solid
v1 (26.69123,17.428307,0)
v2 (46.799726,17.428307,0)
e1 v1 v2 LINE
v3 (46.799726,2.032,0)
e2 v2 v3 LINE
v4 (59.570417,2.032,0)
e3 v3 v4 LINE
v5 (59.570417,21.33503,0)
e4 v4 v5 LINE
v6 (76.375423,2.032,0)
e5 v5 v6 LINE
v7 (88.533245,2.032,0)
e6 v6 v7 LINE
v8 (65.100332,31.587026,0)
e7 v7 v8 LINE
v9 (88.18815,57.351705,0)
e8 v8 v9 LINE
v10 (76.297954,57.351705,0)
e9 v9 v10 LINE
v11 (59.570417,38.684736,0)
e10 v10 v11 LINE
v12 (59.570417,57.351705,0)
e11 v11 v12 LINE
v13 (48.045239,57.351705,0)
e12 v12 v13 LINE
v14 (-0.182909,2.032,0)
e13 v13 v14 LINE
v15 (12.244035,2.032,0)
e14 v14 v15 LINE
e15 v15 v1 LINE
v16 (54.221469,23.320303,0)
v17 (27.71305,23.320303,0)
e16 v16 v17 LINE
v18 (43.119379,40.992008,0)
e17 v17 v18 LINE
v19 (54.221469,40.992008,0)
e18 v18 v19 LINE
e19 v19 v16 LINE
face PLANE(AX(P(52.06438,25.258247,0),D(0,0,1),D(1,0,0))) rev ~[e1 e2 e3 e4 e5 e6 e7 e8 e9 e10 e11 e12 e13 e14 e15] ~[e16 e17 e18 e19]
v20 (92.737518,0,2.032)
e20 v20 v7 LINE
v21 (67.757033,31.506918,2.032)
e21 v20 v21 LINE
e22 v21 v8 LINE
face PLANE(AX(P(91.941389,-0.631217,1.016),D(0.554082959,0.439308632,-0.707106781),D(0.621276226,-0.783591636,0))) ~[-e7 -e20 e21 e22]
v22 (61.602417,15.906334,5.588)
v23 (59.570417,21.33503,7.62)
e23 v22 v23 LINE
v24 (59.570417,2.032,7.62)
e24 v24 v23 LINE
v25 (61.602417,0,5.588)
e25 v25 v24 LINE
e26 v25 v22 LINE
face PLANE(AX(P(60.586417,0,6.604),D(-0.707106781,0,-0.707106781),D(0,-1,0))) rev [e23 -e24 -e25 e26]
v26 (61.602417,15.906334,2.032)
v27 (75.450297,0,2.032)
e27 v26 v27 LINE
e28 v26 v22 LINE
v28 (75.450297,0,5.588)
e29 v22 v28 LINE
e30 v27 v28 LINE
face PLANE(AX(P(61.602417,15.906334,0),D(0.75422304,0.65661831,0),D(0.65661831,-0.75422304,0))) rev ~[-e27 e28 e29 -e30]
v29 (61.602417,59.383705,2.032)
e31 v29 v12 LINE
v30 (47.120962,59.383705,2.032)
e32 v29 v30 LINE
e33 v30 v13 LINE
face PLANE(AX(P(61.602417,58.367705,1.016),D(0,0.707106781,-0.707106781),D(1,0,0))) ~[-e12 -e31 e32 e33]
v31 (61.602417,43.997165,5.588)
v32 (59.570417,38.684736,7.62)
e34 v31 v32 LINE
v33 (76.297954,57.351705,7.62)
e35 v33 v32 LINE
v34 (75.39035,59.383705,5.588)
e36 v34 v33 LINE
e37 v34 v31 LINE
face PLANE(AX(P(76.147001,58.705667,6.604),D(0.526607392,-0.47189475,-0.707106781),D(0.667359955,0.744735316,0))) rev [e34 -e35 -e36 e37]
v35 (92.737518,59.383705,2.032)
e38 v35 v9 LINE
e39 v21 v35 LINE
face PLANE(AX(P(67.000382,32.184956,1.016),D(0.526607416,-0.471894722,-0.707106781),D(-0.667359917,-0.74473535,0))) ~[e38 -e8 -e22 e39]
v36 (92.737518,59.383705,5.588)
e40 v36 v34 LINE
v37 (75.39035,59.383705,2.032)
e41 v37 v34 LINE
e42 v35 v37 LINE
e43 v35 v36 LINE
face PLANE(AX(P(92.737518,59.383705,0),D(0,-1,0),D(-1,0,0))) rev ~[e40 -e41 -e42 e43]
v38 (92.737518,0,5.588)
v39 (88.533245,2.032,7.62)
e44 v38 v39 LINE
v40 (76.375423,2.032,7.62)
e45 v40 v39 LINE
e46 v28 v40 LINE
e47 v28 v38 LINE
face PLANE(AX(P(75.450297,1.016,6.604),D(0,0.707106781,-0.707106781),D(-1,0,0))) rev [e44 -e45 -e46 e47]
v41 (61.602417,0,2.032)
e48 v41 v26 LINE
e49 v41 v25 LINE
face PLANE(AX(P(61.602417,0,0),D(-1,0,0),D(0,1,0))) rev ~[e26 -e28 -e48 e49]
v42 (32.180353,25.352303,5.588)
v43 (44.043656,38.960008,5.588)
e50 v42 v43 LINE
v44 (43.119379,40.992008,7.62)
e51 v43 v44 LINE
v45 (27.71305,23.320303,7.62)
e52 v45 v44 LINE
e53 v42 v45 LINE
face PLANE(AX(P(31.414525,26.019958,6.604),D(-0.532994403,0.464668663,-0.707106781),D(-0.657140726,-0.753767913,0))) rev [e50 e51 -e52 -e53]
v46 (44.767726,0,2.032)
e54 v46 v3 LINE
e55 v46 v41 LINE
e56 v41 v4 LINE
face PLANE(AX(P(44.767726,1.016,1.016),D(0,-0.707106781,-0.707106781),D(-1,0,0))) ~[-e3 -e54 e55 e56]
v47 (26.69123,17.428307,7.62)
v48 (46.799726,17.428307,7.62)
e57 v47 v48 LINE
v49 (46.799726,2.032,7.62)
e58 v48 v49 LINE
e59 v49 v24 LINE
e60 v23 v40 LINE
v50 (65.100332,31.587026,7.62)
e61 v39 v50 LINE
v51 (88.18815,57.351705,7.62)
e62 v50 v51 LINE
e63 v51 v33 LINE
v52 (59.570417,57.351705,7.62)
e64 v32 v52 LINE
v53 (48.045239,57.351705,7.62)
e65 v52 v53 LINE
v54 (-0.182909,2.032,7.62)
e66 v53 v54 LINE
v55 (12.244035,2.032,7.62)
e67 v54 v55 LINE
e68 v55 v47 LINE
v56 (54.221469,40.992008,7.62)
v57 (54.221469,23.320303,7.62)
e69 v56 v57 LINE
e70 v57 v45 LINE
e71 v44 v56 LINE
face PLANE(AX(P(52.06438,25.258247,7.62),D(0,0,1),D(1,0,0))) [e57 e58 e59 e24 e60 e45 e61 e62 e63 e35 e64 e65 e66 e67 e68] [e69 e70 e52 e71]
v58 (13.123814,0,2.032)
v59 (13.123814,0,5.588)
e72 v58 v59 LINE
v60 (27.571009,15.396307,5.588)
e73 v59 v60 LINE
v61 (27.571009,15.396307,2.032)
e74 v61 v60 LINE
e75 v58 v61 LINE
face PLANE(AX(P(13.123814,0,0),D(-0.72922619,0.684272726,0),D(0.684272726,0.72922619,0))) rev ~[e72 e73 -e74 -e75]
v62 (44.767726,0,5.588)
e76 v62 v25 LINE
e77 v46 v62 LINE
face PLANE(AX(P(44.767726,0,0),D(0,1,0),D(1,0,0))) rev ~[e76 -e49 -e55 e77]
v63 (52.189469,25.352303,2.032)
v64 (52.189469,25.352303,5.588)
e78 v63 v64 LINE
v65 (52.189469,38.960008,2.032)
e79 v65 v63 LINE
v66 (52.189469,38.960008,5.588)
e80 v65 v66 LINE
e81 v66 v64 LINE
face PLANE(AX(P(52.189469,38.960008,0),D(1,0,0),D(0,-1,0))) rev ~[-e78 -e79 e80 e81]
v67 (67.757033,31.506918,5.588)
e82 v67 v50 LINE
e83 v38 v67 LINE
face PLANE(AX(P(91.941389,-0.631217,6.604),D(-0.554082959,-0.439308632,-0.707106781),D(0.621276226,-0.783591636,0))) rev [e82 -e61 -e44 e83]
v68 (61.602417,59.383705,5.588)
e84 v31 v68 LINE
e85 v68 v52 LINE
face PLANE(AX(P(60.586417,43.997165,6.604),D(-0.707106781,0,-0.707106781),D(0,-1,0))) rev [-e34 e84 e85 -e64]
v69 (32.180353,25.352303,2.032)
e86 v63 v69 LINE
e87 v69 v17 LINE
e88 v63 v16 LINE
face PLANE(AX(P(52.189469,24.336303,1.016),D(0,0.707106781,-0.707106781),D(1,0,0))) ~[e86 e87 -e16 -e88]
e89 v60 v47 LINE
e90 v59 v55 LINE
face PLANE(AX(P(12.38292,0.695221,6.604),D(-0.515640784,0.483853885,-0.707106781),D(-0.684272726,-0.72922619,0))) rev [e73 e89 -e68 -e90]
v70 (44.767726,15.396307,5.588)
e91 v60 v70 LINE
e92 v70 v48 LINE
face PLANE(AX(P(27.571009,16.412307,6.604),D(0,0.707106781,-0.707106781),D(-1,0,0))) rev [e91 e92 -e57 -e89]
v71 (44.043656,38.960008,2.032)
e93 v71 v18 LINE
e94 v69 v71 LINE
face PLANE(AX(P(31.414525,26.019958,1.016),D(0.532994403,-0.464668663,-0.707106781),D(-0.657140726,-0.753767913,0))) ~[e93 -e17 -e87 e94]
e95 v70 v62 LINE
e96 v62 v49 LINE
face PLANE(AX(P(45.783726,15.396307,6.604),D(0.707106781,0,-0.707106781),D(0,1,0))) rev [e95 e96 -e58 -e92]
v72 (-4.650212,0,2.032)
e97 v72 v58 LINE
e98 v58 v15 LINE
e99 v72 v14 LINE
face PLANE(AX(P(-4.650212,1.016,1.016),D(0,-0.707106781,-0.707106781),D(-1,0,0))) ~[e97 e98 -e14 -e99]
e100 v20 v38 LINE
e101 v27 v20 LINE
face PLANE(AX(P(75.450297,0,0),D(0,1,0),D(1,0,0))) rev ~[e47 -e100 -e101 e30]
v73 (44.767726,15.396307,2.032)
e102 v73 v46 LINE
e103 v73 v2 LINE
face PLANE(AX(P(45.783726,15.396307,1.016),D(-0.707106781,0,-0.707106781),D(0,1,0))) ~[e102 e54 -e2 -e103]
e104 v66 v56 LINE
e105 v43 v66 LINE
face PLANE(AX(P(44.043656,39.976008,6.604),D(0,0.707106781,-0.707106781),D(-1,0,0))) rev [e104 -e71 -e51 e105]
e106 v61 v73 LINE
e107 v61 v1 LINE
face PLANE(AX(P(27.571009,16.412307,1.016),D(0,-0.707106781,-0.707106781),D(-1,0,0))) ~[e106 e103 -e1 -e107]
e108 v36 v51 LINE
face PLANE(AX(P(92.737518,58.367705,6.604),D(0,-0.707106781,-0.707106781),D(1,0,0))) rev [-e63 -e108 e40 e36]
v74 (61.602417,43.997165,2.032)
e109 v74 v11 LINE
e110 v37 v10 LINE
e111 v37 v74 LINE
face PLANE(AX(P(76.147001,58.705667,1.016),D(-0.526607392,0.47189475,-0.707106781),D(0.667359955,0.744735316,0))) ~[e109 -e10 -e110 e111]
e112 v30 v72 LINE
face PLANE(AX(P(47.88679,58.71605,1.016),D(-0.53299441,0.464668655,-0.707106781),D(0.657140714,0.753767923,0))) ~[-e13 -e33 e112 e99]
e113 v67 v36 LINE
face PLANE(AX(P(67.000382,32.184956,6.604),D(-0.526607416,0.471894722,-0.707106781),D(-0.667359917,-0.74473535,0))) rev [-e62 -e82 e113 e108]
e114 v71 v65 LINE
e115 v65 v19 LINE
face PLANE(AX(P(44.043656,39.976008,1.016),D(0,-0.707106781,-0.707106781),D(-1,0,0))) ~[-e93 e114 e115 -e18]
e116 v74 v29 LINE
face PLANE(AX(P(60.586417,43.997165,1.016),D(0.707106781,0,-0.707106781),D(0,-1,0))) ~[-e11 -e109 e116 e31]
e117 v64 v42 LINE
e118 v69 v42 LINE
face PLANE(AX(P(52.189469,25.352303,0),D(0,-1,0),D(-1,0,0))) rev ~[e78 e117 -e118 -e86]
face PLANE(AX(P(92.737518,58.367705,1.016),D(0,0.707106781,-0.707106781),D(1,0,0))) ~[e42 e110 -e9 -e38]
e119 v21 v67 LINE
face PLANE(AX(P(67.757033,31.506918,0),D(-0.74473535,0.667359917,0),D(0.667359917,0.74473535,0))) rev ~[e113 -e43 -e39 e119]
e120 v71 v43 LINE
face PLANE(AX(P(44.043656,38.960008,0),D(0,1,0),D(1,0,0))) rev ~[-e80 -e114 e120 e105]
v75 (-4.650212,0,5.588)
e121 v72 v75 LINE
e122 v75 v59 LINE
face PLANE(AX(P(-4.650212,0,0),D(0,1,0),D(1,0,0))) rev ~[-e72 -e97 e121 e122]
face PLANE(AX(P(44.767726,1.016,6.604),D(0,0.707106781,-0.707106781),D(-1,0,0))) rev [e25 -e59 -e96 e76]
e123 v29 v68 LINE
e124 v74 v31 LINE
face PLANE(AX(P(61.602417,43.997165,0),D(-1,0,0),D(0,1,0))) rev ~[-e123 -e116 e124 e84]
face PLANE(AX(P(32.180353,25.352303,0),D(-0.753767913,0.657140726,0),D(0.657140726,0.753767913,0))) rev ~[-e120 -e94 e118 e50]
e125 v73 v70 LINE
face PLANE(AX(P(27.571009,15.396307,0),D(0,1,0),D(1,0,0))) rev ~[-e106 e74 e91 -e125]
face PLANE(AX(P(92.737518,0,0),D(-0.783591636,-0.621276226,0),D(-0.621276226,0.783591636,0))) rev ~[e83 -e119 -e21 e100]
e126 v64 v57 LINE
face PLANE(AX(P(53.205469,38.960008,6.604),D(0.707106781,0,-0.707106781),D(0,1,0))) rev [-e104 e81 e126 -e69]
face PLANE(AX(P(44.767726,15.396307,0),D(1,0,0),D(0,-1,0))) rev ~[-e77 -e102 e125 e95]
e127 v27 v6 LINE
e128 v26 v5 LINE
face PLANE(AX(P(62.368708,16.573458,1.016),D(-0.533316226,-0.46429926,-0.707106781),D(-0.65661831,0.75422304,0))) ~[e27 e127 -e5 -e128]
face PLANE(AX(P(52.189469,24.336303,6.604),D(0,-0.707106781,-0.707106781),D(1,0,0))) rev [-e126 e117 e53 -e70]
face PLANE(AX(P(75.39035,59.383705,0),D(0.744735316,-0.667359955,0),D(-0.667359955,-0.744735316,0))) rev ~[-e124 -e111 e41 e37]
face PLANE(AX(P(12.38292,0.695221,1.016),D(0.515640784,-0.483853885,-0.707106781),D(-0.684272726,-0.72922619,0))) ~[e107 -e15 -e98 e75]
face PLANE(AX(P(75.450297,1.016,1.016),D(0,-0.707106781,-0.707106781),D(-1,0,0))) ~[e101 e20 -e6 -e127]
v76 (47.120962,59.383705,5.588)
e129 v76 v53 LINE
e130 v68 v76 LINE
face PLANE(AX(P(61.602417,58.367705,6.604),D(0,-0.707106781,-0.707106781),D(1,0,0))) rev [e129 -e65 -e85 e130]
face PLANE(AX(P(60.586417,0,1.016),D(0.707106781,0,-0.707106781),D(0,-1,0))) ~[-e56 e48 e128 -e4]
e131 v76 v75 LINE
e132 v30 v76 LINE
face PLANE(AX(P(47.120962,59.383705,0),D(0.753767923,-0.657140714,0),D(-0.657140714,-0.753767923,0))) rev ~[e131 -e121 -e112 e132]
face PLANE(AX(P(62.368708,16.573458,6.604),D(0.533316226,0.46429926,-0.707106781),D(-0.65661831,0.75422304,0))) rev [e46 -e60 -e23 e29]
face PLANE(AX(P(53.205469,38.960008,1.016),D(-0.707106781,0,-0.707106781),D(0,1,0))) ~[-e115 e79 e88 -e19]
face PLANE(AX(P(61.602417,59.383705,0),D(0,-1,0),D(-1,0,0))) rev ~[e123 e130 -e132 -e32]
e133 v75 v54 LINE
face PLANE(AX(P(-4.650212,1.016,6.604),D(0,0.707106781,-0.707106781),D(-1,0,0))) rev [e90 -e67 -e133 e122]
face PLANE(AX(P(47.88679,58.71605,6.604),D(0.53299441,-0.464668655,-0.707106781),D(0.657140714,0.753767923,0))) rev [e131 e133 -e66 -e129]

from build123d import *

# Parameters (mm, degrees)
F1_DEPTH = 7.62
F2_SIZE  = 2.032


with BuildPart() as f1:
    # F0 (on Top) → F1 (new body)
    with BuildSketch(Plane.XY):
        Polygon((-4.650212, 0), (0, 0), (13.123814, 0), (27.571009, 15.396307), (32.54258, 15.396307), (44.767726, 15.396307), (44.767726, 0), (58.344088, 0), (61.602417, 0), (61.602417, 13.099327), (61.602417, 15.906334), (75.450297, 0), (77.894047, 0), (92.737518, 0), (67.757033, 31.506918), (92.737518, 59.383705), (78.075059, 59.383705), (75.39035, 59.383705), (61.602417, 43.997165), (61.602417, 59.383705), (58.344088, 59.383705), (47.120962, 59.383705), align=None)
        Polygon((44.043656, 38.960008), (48.304201, 38.960008), (52.189469, 38.960008), (52.189469, 25.352303), (36.440898, 25.352303), (32.180353, 25.352303), align=None, mode=Mode.SUBTRACT)
    extrude(amount=F1_DEPTH)

    # F2
    f2_edges = [f1.edges().sort_by_distance(p)[0] for p in [
        (21.235375, 29.691853, 7.62),
        (4.236801, 0, 7.62),
        (20.347412, 7.698154, 7.62),
        (36.169368, 15.396307, 7.62),
        (44.767726, 7.698154, 7.62),
        (53.185072, 0, 7.62),
        (61.602417, 7.953167, 7.62),
        (68.526357, 7.953167, 7.62),
        (84.093908, 0, 7.62),
        (80.247276, 15.753459, 7.62),
        (80.247276, 45.445312, 7.62),
        (84.063934, 59.383705, 7.62),
        (68.496384, 51.690435, 7.62),
        (61.602417, 51.690435, 7.62),
        (54.36169, 59.383705, 7.62),
        (38.112005, 32.156156, 7.62),
        (48.116563, 38.960008, 7.62),
        (52.189469, 32.156156, 7.62),
        (42.184911, 25.352303, 7.62),
        (21.235375, 29.691853, 0),
        (4.236801, 0, 0),
        (20.347412, 7.698154, 0),
        (36.169368, 15.396307, 0),
        (44.767726, 7.698154, 0),
        (53.185072, 0, 0),
        (61.602417, 7.953167, 0),
        (68.526357, 7.953167, 0),
        (84.093908, 0, 0),
        (80.247276, 15.753459, 0),
        (80.247276, 45.445312, 0),
        (84.063934, 59.383705, 0),
        (68.496384, 51.690435, 0),
        (61.602417, 51.690435, 0),
        (54.36169, 59.383705, 0),
        (38.112005, 32.156156, 0),
        (48.116563, 38.960008, 0),
        (52.189469, 32.156156, 0),
        (42.184911, 25.352303, 0),
    ]]
    chamfer(f2_edges, length=F2_SIZE)


solid = f1.part
